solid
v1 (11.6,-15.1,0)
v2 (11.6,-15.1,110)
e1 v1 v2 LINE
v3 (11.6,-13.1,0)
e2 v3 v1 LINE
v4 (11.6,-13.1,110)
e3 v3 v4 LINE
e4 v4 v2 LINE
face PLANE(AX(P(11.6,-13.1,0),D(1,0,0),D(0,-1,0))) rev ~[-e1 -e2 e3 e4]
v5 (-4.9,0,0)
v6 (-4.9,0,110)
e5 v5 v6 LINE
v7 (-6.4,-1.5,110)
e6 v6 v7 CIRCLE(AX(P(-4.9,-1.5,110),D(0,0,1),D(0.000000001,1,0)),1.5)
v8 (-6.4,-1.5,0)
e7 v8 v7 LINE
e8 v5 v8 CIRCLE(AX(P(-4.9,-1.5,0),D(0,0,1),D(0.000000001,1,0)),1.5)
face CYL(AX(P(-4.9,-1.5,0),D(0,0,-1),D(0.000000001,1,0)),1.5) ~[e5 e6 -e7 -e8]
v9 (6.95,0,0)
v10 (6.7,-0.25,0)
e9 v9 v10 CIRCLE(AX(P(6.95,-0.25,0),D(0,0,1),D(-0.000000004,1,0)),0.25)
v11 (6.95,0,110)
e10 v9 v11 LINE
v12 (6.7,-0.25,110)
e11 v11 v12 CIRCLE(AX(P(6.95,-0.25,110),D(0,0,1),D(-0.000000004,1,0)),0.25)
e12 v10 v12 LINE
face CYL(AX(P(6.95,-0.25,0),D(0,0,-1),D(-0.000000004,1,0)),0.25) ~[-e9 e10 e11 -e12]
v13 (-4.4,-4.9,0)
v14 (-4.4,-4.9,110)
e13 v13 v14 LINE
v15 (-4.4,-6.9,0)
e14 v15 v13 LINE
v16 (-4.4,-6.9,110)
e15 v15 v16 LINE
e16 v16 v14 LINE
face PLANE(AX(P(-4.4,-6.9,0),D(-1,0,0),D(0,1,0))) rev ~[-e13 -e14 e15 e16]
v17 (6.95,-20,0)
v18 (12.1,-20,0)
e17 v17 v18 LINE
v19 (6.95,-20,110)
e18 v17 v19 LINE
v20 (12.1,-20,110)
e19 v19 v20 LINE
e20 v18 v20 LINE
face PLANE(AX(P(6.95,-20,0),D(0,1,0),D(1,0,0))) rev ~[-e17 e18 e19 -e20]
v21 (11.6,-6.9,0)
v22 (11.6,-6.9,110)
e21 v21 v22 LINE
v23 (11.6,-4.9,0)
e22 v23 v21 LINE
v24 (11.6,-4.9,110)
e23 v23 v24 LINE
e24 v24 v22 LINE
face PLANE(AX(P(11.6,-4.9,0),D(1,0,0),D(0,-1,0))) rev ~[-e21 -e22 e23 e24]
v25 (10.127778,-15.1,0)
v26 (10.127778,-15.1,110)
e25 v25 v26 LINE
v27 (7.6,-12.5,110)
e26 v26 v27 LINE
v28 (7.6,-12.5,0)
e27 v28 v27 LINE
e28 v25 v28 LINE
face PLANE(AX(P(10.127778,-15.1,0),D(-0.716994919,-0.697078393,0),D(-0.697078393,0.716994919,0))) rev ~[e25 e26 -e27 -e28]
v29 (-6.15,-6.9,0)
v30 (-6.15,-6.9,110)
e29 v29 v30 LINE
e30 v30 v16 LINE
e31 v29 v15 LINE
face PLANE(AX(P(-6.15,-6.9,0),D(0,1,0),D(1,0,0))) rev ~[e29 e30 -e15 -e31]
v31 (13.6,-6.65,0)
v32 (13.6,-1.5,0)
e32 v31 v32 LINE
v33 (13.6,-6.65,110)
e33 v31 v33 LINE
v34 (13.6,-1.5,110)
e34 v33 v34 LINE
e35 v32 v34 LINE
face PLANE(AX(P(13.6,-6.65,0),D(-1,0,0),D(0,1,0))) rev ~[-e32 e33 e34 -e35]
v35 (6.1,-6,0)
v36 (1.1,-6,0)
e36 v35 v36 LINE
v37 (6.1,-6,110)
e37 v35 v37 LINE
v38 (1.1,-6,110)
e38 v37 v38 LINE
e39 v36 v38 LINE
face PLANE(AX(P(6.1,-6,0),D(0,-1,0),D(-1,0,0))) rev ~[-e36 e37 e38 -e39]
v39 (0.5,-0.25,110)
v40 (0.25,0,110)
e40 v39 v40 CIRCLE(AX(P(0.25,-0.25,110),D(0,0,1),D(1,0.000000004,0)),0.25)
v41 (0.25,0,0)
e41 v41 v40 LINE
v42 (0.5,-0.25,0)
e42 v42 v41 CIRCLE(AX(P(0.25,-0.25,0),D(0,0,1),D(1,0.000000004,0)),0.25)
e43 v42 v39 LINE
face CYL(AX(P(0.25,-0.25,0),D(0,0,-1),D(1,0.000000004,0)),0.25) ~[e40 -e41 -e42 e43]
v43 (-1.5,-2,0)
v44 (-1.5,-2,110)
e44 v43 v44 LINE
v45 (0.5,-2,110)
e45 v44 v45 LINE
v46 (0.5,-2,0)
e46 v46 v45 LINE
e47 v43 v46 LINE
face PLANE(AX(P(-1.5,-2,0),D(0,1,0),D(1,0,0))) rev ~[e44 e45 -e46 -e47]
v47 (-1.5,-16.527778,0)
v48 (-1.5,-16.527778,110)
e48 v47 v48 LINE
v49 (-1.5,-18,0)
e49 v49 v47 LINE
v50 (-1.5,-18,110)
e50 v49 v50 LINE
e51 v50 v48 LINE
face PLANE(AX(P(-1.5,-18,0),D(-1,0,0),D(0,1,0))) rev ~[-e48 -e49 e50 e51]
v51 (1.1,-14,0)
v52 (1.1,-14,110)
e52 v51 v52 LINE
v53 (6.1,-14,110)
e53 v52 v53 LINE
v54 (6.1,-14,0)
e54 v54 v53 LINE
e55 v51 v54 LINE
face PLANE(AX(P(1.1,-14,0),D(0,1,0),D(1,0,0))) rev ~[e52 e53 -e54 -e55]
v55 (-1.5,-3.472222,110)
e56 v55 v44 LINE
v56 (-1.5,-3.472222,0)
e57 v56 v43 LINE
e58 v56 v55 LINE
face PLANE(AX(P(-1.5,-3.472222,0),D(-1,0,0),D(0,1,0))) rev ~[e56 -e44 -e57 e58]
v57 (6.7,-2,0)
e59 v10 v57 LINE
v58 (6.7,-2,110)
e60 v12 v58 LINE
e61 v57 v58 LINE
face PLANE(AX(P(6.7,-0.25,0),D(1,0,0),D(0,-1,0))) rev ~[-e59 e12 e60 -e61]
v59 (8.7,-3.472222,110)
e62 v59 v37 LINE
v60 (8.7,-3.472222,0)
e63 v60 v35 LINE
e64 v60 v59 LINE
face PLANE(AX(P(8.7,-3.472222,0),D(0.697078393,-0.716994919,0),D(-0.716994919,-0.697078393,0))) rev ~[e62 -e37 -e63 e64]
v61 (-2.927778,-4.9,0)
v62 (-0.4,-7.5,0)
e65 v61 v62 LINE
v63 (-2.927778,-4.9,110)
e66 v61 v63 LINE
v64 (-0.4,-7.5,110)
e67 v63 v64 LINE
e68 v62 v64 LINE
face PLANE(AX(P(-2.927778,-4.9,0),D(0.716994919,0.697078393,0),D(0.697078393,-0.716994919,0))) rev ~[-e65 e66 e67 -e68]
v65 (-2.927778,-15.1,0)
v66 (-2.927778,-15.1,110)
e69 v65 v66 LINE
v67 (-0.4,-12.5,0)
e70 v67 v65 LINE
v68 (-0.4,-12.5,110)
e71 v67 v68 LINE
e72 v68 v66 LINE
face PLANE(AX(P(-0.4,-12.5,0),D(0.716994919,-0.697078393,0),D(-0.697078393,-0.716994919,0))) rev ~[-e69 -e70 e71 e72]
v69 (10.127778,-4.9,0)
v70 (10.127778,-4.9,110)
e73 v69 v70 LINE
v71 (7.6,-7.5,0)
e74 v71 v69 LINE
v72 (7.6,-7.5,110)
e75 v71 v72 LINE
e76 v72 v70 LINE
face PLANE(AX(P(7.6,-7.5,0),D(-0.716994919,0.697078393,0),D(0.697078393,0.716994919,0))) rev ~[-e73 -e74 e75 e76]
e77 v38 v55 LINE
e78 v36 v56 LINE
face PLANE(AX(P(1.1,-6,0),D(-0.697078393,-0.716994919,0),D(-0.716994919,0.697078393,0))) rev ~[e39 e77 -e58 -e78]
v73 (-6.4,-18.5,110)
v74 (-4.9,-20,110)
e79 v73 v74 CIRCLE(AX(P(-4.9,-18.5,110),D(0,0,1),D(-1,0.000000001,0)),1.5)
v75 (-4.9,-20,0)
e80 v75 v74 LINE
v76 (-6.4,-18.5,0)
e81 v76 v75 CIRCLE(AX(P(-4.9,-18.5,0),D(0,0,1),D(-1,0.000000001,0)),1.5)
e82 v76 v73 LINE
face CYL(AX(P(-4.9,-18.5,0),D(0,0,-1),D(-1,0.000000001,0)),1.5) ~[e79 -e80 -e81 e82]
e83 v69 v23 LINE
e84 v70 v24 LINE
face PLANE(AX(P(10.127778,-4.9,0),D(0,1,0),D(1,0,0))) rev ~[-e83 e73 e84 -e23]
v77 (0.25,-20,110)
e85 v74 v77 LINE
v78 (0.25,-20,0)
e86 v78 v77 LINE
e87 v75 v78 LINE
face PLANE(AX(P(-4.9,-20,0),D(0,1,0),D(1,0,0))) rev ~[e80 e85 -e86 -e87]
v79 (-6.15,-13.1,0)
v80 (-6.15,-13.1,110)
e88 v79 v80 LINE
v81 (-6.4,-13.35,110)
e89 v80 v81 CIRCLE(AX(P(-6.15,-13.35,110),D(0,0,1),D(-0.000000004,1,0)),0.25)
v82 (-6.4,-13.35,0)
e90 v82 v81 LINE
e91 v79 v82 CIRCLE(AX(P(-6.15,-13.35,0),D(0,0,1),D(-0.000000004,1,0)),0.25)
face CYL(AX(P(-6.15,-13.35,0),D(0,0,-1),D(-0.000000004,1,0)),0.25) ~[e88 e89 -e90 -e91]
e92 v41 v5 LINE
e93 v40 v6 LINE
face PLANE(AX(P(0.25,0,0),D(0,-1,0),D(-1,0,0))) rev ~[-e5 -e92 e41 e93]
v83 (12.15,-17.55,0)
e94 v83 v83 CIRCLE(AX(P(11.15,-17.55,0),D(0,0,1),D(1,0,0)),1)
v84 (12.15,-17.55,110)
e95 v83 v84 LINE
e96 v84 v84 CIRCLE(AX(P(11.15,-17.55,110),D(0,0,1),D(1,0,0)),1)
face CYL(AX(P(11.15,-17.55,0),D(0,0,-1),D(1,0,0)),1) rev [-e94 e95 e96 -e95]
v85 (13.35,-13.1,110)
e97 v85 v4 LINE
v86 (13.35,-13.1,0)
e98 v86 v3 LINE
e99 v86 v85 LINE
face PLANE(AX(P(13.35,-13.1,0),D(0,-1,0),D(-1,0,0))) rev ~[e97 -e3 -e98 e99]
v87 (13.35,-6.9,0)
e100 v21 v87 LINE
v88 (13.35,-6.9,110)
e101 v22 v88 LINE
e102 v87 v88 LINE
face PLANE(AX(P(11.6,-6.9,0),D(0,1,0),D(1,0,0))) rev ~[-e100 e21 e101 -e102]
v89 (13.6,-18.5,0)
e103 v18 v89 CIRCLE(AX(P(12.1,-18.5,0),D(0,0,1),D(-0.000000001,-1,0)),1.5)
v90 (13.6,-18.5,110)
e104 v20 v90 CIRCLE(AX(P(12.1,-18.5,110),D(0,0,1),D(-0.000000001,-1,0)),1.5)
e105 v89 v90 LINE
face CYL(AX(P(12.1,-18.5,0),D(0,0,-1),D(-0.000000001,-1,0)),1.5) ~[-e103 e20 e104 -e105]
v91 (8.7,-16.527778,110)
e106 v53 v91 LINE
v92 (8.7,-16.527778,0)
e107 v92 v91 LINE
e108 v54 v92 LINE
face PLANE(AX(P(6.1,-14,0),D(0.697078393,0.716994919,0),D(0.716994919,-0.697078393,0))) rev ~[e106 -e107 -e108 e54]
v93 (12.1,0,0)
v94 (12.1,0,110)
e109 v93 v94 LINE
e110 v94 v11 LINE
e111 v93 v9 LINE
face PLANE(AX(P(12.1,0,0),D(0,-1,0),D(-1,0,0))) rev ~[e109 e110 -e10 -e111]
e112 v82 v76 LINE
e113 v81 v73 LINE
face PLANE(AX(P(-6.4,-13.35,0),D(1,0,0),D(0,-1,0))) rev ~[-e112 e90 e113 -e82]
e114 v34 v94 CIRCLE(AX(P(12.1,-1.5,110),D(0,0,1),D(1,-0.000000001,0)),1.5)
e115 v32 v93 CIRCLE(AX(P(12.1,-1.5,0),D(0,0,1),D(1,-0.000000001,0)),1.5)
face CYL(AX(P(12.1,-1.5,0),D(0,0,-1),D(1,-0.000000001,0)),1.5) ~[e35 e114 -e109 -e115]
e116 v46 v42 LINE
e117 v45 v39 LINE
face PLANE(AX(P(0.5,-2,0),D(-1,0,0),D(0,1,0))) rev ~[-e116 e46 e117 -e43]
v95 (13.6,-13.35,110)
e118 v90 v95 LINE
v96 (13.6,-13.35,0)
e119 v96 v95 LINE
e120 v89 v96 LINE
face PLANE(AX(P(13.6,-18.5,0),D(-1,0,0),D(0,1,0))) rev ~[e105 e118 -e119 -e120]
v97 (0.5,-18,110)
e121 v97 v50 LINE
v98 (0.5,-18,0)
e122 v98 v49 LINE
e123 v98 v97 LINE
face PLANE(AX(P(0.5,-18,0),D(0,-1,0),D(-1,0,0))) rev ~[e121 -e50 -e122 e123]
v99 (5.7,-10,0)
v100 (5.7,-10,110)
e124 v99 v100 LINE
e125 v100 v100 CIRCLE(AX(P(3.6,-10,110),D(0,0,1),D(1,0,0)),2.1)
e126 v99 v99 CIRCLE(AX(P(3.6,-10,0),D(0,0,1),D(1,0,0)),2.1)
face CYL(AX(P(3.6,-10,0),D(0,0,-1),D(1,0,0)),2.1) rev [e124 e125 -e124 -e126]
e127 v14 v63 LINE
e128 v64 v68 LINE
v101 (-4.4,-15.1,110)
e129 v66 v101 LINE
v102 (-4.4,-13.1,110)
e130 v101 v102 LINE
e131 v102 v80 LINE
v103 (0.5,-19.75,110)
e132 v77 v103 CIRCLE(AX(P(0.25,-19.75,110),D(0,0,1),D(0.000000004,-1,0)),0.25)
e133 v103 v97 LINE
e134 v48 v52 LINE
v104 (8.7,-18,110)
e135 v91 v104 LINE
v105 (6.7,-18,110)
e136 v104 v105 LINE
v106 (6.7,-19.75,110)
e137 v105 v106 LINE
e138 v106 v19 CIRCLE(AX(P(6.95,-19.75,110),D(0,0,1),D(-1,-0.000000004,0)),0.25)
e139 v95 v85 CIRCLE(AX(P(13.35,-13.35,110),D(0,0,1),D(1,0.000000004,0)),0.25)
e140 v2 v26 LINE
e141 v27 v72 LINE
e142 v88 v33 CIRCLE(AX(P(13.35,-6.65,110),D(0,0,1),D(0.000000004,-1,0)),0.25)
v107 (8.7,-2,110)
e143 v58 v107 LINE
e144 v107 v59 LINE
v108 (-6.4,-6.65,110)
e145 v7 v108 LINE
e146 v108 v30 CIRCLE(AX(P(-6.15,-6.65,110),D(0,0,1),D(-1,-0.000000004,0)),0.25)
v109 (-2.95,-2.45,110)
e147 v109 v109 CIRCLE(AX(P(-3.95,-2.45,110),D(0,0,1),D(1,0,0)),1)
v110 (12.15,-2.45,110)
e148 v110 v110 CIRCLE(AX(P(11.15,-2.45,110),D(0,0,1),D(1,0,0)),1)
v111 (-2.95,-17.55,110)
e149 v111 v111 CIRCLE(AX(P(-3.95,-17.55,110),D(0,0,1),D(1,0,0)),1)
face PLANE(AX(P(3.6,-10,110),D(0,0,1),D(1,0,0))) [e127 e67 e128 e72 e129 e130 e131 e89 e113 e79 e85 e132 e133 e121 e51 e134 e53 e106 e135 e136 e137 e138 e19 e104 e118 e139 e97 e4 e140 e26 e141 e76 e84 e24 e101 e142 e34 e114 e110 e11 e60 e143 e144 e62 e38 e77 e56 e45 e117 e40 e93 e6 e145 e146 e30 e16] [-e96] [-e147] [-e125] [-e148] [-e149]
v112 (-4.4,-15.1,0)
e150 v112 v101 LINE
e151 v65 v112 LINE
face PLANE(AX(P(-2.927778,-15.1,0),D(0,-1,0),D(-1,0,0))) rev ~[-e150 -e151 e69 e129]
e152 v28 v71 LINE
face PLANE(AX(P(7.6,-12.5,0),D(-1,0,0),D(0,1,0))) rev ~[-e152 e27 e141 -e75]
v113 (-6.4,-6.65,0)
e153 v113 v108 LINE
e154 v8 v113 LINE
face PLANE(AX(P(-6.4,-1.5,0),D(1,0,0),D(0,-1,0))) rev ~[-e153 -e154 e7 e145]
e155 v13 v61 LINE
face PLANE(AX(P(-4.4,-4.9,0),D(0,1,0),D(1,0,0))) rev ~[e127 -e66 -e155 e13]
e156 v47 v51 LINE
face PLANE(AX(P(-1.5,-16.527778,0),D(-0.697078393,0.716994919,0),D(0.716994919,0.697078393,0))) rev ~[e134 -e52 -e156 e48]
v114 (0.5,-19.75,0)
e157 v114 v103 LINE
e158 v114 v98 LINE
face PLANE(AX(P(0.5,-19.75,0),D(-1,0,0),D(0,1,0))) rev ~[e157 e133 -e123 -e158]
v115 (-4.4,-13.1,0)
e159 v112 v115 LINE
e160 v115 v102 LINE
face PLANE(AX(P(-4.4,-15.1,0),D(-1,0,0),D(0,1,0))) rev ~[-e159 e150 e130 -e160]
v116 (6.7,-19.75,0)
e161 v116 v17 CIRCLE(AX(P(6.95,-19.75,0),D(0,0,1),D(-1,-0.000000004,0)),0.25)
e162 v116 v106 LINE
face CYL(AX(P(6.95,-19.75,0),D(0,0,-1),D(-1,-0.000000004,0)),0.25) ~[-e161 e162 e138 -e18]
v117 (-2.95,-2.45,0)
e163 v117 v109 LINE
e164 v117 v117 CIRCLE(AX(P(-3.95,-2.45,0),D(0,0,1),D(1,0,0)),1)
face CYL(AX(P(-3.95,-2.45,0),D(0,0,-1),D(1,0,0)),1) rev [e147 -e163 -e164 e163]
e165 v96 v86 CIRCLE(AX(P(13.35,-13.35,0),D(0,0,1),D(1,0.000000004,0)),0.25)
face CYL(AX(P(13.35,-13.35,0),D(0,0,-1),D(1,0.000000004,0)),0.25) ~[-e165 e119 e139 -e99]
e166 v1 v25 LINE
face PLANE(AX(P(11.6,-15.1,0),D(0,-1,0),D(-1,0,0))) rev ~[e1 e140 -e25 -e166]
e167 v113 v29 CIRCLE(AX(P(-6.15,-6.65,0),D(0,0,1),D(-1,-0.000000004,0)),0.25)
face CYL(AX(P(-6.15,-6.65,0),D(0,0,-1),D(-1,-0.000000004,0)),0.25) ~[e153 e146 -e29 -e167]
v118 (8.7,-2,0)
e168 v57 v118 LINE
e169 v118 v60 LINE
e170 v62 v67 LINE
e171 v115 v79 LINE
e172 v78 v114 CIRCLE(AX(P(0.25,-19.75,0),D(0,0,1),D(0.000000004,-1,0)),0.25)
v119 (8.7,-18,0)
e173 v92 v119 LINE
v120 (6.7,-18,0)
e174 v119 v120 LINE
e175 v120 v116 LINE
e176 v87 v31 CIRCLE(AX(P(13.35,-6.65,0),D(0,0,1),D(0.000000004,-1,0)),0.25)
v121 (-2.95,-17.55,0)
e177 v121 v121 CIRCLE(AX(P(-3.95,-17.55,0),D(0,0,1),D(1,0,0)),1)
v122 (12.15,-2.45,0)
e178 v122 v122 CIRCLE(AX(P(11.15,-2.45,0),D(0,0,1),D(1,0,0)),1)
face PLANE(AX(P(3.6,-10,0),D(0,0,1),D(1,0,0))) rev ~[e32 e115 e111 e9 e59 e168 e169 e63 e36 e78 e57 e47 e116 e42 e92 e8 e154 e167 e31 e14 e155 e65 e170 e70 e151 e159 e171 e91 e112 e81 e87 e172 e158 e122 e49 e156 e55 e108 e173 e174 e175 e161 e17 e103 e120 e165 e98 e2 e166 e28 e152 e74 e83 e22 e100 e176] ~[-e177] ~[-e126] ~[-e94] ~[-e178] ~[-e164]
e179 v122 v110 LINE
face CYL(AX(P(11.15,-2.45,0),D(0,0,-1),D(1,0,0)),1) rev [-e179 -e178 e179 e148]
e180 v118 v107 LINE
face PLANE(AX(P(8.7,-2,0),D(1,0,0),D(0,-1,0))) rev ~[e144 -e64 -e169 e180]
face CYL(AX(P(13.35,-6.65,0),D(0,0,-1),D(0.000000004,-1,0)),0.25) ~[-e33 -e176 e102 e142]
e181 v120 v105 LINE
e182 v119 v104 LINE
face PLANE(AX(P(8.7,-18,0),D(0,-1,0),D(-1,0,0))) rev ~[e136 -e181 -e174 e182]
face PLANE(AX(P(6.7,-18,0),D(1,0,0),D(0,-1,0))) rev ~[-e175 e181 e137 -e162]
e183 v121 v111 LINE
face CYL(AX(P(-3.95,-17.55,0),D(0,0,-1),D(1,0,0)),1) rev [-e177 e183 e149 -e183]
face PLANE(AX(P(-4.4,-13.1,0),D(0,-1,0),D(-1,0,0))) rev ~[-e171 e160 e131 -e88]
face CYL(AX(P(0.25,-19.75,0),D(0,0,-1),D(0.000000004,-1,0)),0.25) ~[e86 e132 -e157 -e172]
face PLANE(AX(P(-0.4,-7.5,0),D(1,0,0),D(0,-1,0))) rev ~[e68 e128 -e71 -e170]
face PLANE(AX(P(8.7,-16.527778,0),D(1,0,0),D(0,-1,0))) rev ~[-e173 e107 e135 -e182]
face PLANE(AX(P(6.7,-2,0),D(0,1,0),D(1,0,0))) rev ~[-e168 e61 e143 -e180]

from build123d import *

# Parameters (mm, degrees)
SKETCH1_R           = 1
SKETCH1_R_2         = 2.1
BOSS_EXTRUDE2_DEPTH = 110


with BuildPart() as part:
    # Sketch1 → Boss-Extrude2 (new body)
    with BuildSketch(Plane.XY):
        with BuildLine():
            Line((-6.4, -1.5), (-6.4, -6.65))
            ThreePointArc((-6.4, -6.65), (-6.326776695, -6.826776695), (-6.15, -6.9))
            Line((-6.15, -6.9), (-4.4, -6.9))
            Line((-4.4, -6.9), (-4.4, -4.9))
            Line((-4.4, -4.9), (-2.927777778, -4.9))
            Line((-2.927777778, -4.9), (-0.4, -7.5))
            Line((-0.4, -7.5), (-0.4, -12.5))
            Line((-0.4, -12.5), (-2.927777778, -15.1))
            Line((-2.927777778, -15.1), (-4.4, -15.1))
            Line((-4.4, -15.1), (-4.4, -13.1))
            Line((-4.4, -13.1), (-6.15, -13.1))
            ThreePointArc((-6.15, -13.1), (-6.326776695, -13.173223305), (-6.4, -13.35))
            Line((-6.4, -13.35), (-6.4, -18.5))
            ThreePointArc((-6.4, -18.5), (-5.960660172, -19.560660172), (-4.9, -20))
            Line((-4.9, -20), (0.25, -20))
            ThreePointArc((0.25, -20), (0.426776695, -19.926776695), (0.5, -19.75))
            Line((0.5, -19.75), (0.5, -18))
            Line((0.5, -18), (-1.5, -18))
            Line((-1.5, -18), (-1.5, -16.527777778))
            Line((-1.5, -16.527777778), (1.1, -14))
            Line((1.1, -14), (6.1, -14))
            Line((6.1, -14), (8.7, -16.527777778))
            Line((8.7, -16.527777778), (8.7, -18))
            Line((8.7, -18), (6.7, -18))
            Line((6.7, -18), (6.7, -19.75))
            ThreePointArc((6.7, -19.75), (6.773223305, -19.926776695), (6.95, -20))
            Line((6.95, -20), (12.1, -20))
            ThreePointArc((12.1, -20), (13.160660172, -19.560660172), (13.6, -18.5))
            Line((13.6, -18.5), (13.6, -13.35))
            ThreePointArc((13.6, -13.35), (13.526776695, -13.173223305), (13.35, -13.1))
            Line((13.35, -13.1), (11.6, -13.1))
            Line((11.6, -13.1), (11.6, -15.1))
            Line((11.6, -15.1), (10.127777778, -15.1))
            Line((10.127777778, -15.1), (7.6, -12.5))
            Line((7.6, -12.5), (7.6, -7.5))
            Line((7.6, -7.5), (10.127777778, -4.9))
            Line((10.127777778, -4.9), (11.6, -4.9))
            Line((11.6, -4.9), (11.6, -6.9))
            Line((11.6, -6.9), (13.35, -6.9))
            ThreePointArc((13.35, -6.9), (13.526776695, -6.826776695), (13.6, -6.65))
            Line((13.6, -6.65), (13.6, -1.5))
            ThreePointArc((13.6, -1.5), (13.160660172, -0.439339828), (12.1, 0))
            Line((12.1, 0), (6.95, 0))
            ThreePointArc((6.95, 0), (6.773223305, -0.073223305), (6.7, -0.25))
            Line((6.7, -0.25), (6.7, -2))
            Line((6.7, -2), (8.7, -2))
            Line((8.7, -2), (8.7, -3.472222222))
            Line((8.7, -3.472222222), (6.1, -6))
            Line((6.1, -6), (1.1, -6))
            Line((1.1, -6), (-1.5, -3.472222222))
            Line((-1.5, -3.472222222), (-1.5, -2))
            Line((-1.5, -2), (0.5, -2))
            Line((0.5, -2), (0.5, -0.25))
            ThreePointArc((0.5, -0.25), (0.426776695, -0.073223305), (0.25, 0))
            Line((0.25, 0), (-4.9, 0))
            ThreePointArc((-4.9, 0), (-5.960660172, -0.439339828), (-6.4, -1.5))
        make_face()
        with Locations((-3.95, -2.45)):
            Circle(SKETCH1_R, mode=Mode.SUBTRACT)
        with Locations((11.15, -2.45)):
            Circle(SKETCH1_R, mode=Mode.SUBTRACT)
        with Locations((-3.95, -17.55)):
            Circle(SKETCH1_R, mode=Mode.SUBTRACT)
        with Locations((11.15, -17.55)):
            Circle(SKETCH1_R, mode=Mode.SUBTRACT)
        with Locations((3.6, -10)):
            Circle(SKETCH1_R_2, mode=Mode.SUBTRACT)
    extrude(amount=BOSS_EXTRUDE2_DEPTH)


solid = part.part
